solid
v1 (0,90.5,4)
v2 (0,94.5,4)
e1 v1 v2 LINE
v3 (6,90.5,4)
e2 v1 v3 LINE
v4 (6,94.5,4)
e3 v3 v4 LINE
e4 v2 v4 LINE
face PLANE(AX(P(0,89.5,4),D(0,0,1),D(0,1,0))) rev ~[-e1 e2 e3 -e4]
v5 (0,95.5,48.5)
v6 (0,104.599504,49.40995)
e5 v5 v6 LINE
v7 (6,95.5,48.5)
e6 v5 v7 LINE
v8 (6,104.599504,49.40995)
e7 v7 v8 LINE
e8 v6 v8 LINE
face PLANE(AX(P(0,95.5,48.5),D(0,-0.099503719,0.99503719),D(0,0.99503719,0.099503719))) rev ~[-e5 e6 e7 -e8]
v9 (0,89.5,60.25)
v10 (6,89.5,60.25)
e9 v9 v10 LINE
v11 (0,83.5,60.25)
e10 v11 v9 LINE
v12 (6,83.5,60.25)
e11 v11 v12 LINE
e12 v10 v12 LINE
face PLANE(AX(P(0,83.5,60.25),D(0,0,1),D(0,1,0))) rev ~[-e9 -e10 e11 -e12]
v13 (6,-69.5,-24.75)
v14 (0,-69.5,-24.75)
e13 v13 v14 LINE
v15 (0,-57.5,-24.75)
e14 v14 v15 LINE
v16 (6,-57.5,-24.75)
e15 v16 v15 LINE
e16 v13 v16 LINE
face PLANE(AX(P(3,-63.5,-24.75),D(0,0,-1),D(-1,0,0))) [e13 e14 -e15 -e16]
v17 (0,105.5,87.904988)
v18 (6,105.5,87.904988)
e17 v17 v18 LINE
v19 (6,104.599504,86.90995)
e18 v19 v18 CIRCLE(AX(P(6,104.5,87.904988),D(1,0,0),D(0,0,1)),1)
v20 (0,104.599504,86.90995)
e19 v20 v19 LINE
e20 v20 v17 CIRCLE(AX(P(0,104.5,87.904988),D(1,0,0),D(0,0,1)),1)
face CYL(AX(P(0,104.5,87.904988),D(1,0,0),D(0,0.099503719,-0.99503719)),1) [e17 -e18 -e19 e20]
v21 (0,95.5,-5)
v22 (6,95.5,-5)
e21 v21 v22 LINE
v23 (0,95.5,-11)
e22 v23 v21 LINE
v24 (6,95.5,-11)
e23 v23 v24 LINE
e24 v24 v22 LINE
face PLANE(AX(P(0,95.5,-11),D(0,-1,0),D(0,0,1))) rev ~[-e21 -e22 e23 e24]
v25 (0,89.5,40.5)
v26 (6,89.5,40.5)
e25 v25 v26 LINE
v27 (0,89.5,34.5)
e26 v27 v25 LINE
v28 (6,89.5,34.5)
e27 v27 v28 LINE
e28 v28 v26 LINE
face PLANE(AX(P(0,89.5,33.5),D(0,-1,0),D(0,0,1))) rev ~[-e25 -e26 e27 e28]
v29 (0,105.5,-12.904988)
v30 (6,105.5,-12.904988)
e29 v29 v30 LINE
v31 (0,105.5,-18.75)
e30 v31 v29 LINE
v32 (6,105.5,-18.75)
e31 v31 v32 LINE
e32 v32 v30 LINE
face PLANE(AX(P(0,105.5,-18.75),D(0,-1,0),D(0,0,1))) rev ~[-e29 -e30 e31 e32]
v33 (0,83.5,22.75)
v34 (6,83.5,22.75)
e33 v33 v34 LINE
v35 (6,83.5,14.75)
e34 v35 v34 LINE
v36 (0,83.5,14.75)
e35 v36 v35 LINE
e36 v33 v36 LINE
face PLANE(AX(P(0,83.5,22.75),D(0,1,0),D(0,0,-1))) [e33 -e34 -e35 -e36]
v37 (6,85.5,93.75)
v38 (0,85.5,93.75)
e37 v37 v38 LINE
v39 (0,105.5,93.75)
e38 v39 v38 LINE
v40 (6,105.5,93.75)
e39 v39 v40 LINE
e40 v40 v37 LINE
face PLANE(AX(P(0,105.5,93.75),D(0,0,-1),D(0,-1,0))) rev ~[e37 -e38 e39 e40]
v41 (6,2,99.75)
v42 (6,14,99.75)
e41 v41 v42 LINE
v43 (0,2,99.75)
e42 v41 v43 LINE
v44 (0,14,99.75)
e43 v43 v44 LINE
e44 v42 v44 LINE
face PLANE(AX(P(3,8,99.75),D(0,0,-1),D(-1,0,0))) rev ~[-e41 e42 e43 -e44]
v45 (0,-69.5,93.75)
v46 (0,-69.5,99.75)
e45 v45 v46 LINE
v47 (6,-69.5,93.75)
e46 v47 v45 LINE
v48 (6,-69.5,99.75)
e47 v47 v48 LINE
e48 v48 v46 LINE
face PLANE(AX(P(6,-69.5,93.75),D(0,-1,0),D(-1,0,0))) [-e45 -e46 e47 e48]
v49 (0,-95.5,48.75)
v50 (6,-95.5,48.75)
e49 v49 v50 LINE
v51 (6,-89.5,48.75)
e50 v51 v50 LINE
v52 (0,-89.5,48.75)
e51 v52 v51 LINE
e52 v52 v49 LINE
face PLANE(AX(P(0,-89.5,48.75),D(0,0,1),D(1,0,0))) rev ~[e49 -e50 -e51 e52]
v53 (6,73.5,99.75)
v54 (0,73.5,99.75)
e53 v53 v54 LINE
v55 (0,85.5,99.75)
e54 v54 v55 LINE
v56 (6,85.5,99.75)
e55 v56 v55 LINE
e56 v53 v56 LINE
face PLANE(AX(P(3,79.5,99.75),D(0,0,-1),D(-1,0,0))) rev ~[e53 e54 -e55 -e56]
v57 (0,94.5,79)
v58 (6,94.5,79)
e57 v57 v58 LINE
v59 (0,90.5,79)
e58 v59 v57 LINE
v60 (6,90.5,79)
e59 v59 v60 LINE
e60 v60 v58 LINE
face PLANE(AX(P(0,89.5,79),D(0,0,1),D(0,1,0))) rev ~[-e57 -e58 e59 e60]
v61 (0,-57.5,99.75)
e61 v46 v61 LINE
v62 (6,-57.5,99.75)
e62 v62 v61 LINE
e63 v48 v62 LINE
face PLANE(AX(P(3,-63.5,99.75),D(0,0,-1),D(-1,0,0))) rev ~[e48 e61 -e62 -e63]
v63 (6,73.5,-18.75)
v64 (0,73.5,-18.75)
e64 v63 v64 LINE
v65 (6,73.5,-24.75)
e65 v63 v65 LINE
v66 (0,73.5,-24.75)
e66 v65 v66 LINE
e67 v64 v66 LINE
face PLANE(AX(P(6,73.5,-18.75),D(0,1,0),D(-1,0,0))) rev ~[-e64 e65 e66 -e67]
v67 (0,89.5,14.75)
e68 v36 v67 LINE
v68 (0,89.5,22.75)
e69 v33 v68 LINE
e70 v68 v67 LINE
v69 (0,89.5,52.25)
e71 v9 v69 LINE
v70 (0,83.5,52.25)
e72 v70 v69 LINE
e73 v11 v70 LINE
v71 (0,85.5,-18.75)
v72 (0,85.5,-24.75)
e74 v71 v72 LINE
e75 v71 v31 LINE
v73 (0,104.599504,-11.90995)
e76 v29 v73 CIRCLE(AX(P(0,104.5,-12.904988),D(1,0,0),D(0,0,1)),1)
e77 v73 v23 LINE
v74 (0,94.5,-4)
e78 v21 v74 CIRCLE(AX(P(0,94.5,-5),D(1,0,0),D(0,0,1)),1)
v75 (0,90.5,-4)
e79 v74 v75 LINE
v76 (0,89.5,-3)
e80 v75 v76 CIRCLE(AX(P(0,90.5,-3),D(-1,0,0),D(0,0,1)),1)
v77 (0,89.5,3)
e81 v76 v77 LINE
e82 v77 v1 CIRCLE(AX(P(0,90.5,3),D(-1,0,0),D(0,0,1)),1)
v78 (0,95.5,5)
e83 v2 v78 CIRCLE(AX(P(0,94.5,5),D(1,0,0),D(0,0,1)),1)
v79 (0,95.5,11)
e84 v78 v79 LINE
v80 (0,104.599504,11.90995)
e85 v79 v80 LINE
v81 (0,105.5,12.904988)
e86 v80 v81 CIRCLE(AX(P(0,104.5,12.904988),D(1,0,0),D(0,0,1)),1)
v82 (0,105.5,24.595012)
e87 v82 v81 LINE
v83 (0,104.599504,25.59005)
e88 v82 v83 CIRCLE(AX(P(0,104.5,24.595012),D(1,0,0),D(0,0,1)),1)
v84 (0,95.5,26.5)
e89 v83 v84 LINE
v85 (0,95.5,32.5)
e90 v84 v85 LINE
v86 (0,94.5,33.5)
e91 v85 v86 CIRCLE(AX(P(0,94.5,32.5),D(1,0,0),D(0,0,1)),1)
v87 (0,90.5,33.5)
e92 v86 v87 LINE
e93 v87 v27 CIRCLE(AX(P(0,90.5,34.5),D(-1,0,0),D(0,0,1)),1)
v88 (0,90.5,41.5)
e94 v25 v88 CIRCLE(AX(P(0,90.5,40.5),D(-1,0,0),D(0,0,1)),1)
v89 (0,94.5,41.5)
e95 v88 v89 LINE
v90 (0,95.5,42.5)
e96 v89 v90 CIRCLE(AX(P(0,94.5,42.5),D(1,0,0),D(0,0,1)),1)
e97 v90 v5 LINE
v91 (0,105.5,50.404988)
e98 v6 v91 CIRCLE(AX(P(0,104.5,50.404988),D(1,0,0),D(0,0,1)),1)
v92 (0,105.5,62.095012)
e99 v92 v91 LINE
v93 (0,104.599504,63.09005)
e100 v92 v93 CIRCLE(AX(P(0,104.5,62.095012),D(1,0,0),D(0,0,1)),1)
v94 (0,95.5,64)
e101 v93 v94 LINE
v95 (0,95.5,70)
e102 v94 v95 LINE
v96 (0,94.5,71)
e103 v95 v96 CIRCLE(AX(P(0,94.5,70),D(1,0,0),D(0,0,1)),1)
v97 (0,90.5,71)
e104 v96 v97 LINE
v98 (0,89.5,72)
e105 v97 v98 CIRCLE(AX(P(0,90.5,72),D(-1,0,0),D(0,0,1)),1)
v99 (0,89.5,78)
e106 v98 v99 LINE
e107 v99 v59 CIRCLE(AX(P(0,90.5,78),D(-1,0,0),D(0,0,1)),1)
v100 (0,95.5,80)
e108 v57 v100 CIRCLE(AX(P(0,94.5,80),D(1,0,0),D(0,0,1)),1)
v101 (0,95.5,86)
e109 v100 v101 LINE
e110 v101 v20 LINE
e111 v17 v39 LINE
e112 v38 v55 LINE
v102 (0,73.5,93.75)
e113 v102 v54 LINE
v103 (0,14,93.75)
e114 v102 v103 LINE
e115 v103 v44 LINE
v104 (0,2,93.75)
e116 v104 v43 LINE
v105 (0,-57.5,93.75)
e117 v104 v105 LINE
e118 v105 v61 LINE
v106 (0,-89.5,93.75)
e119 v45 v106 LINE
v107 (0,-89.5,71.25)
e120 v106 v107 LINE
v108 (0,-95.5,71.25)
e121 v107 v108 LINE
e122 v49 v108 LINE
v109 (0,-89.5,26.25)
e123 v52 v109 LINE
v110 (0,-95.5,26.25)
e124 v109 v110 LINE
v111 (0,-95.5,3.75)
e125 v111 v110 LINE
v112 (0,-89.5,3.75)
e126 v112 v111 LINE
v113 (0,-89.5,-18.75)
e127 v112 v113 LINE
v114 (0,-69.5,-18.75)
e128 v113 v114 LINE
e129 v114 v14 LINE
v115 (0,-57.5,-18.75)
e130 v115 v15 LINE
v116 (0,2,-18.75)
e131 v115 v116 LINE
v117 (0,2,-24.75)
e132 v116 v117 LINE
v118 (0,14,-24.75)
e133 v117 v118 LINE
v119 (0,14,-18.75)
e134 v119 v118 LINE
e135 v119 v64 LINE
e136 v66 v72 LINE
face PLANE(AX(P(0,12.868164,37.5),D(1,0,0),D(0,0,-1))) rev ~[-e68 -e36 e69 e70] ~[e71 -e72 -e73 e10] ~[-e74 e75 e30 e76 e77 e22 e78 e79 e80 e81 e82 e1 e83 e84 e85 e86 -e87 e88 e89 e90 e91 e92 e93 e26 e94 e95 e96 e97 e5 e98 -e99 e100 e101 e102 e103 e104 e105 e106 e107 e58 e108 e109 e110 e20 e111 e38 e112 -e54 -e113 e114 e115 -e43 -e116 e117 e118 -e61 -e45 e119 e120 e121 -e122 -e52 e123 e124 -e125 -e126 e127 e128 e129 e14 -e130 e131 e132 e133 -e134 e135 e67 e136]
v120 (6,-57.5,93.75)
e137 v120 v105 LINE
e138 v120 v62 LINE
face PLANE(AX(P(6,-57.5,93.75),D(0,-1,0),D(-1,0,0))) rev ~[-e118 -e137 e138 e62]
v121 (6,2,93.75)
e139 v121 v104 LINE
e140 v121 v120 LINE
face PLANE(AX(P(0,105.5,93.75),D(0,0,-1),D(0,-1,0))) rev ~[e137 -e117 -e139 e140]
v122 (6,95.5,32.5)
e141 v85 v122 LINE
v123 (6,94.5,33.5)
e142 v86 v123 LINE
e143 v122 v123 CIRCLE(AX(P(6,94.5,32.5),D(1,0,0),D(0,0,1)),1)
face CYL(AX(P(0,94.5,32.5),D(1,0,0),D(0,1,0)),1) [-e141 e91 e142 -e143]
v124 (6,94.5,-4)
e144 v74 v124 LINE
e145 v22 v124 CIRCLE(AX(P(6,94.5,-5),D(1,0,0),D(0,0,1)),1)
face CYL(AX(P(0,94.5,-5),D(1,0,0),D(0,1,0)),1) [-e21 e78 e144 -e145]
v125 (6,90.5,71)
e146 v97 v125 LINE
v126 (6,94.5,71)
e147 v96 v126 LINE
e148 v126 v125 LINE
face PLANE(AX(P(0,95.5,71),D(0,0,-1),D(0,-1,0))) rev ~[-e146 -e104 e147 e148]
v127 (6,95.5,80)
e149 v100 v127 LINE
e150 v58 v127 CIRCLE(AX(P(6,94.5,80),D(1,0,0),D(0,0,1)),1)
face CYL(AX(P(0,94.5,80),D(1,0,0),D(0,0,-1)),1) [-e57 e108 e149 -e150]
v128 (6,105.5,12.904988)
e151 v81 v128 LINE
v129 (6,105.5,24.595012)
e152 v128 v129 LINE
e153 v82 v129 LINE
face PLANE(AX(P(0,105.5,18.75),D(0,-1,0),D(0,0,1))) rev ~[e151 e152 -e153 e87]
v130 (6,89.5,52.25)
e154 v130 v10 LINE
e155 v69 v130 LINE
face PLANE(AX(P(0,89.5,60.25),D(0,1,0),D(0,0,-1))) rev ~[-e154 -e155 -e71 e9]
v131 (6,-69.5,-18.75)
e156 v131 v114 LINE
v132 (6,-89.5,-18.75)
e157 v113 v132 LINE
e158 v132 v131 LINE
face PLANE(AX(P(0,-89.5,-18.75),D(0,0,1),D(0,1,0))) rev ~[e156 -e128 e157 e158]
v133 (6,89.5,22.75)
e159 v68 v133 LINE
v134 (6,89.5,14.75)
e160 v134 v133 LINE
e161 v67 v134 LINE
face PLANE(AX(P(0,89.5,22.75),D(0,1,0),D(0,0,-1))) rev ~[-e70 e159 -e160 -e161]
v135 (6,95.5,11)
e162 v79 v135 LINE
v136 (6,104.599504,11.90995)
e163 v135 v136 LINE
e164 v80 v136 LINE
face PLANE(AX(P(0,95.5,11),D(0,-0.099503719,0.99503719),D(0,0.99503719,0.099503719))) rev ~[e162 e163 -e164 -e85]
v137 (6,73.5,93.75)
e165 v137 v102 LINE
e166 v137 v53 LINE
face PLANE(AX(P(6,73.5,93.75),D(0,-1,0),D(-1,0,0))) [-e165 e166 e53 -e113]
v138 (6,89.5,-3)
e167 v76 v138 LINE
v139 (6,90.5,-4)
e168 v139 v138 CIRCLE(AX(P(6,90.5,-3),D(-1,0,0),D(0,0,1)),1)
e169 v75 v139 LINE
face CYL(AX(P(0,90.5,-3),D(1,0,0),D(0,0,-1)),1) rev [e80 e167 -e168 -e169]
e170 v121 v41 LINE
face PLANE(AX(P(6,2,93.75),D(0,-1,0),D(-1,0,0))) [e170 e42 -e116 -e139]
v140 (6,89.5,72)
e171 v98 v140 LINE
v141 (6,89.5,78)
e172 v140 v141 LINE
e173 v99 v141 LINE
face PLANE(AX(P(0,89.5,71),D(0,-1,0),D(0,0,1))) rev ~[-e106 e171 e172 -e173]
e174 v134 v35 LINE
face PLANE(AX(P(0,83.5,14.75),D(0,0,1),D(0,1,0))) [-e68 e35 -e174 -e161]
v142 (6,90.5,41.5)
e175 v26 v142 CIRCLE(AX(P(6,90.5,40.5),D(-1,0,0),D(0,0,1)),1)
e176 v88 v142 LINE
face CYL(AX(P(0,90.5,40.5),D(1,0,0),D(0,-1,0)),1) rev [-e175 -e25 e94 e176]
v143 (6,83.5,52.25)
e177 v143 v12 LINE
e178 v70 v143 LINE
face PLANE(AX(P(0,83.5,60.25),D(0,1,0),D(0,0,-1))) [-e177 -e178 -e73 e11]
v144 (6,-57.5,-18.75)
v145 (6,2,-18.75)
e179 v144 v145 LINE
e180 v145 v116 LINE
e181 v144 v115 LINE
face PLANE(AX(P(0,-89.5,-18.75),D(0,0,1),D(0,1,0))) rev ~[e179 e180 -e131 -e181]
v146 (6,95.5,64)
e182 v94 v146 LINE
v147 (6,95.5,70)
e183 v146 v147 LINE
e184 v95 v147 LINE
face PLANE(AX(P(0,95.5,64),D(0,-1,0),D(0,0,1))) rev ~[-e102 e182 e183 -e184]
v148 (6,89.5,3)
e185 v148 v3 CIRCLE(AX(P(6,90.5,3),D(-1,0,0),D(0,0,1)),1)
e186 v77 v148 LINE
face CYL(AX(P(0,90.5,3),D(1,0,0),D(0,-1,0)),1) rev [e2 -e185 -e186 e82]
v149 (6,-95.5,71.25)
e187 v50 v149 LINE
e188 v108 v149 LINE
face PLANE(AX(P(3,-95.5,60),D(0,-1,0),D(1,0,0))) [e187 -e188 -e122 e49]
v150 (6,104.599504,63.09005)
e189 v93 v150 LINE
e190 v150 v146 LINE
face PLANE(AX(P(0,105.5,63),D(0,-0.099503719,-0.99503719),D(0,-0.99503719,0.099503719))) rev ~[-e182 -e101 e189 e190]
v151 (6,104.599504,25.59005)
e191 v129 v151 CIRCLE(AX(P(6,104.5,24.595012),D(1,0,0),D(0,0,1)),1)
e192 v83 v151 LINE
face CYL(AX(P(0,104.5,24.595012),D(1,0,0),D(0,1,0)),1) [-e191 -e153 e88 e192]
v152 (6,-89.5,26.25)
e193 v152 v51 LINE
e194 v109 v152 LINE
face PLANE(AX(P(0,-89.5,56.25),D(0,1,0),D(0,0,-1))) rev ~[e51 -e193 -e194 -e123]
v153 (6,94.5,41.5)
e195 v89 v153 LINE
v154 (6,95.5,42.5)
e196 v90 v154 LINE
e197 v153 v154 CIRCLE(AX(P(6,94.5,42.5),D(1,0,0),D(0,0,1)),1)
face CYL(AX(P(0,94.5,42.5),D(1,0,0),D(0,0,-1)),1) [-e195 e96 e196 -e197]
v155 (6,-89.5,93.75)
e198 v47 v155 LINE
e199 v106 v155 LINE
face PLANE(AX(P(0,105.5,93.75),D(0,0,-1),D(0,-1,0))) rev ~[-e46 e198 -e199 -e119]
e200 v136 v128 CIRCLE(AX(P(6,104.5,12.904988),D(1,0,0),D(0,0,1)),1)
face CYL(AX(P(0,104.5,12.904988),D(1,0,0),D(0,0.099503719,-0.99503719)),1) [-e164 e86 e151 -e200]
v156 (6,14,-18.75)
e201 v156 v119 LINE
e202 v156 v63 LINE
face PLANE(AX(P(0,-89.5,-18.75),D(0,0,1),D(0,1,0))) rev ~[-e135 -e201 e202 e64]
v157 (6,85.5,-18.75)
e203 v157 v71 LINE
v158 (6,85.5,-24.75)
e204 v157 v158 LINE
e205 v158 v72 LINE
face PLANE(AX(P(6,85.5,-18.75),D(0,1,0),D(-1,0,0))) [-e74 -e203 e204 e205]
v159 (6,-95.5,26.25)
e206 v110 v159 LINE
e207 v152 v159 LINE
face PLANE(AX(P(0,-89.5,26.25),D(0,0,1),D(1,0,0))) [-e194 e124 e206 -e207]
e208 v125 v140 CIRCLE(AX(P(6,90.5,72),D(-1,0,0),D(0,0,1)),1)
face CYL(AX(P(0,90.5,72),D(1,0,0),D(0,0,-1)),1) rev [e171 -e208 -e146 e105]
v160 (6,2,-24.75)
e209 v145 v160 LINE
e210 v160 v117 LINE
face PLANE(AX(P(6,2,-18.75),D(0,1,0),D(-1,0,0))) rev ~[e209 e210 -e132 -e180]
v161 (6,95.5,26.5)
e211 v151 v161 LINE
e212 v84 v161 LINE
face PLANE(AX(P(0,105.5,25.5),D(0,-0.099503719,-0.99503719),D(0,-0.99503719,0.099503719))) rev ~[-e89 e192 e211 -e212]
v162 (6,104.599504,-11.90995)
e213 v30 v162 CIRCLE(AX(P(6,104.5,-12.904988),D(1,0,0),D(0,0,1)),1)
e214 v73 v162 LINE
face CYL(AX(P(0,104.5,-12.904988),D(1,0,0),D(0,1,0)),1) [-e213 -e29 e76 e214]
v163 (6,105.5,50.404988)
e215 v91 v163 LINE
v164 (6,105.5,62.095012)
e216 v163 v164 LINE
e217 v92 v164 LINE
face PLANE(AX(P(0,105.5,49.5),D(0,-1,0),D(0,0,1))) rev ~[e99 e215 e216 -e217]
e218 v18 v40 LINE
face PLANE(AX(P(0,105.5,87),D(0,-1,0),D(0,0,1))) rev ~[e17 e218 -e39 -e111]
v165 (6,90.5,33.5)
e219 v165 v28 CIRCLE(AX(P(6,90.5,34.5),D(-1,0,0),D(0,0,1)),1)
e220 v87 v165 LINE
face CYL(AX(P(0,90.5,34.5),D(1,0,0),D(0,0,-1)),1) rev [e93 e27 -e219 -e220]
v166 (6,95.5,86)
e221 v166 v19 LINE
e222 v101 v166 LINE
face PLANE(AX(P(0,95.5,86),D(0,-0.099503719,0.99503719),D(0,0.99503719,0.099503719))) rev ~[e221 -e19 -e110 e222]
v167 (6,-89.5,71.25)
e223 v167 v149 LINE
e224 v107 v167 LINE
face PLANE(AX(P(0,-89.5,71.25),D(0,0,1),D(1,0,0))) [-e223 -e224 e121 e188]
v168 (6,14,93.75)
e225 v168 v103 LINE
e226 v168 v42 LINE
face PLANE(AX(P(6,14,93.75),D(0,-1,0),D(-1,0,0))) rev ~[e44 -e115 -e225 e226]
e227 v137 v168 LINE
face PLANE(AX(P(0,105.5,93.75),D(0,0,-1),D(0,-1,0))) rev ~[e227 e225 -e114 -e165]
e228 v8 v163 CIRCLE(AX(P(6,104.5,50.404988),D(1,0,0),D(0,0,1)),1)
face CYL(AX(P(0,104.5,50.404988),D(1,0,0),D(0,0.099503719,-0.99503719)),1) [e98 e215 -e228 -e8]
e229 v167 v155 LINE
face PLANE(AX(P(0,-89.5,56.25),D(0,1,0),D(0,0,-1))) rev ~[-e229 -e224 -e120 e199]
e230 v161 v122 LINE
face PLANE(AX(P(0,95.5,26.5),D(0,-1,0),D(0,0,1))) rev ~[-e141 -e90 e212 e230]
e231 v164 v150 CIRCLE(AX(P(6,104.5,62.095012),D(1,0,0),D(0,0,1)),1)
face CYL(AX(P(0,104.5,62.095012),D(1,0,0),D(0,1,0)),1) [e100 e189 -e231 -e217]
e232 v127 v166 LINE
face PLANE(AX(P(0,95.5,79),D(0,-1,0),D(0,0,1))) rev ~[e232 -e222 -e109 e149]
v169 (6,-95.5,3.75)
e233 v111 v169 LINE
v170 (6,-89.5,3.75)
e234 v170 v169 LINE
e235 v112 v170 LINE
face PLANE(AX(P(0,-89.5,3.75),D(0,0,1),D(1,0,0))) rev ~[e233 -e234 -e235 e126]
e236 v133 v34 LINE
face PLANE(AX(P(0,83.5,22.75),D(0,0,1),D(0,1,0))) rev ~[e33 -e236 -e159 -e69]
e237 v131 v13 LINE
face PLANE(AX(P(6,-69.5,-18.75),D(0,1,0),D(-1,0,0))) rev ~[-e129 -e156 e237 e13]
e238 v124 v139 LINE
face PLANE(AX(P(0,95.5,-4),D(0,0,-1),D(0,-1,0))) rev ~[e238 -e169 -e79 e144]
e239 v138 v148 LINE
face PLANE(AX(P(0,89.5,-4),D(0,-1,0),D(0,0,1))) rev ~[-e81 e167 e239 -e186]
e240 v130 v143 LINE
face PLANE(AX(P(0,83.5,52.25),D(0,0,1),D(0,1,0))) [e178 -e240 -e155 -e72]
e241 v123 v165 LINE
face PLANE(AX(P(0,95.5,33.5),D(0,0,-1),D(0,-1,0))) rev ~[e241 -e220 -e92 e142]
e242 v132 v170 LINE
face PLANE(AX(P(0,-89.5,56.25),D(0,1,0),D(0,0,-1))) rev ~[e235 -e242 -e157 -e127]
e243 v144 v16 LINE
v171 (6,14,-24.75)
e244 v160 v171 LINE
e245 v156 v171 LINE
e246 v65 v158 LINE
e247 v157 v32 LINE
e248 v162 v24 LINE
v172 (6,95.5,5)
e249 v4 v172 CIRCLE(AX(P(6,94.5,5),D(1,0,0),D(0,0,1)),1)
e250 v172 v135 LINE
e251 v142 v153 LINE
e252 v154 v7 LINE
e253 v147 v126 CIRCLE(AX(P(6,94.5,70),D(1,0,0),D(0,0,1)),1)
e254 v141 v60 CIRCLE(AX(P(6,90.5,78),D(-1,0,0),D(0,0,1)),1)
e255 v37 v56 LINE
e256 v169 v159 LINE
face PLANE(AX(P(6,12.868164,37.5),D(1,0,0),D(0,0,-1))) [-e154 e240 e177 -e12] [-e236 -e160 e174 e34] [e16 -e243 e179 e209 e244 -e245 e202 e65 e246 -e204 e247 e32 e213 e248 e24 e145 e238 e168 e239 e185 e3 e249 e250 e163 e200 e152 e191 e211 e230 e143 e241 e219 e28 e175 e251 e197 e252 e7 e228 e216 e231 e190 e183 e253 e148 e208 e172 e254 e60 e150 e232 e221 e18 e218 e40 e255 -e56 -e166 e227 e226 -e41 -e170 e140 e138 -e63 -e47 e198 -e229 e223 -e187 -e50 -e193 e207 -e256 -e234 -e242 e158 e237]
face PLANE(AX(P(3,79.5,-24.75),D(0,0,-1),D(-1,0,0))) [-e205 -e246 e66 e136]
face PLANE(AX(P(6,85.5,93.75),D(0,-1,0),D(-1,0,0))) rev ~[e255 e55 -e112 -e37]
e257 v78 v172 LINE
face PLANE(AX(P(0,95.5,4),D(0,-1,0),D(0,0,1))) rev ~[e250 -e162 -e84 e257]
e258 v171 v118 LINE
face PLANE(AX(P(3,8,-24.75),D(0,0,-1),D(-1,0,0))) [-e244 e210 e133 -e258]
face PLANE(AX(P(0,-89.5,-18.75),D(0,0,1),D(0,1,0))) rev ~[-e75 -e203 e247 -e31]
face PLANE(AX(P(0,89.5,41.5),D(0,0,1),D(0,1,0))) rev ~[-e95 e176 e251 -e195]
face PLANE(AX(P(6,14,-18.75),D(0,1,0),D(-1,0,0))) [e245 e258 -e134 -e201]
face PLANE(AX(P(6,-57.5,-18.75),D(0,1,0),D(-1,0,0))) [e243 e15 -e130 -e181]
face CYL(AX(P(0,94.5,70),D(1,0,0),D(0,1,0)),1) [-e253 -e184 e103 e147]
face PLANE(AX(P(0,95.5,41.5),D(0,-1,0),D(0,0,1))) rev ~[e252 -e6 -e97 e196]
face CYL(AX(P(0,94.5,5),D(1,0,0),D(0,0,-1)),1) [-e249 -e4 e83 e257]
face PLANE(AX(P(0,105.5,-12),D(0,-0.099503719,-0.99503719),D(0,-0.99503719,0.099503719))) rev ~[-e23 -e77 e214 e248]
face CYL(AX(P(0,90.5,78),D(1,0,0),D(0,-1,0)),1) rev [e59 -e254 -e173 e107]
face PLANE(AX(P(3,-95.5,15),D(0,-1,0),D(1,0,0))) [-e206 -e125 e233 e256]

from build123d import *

# Parameters (mm, degrees)
BOSS_EXTRUDE2_DEPTH    = 6
FILLET1_R              = 1
LPATTERN1_COUNT        = 3
LPATTERN1_PITCH        = 37.5
FILLET1_OF_LPATTERN1_R = 1
SKETCH3_W              = 6
SKETCH3_H              = 12
BOSS_EXTRUDE3_DEPTH    = 6
SKETCH4_W              = 8
SKETCH4_H              = 6
CUT_EXTRUDE2_DEPTH     = 7
LPATTERN2_COUNT        = 2
LPATTERN2_PITCH        = 37.5
BOSS_EXTRUDE4_START    = -112.5
SKETCH3_2_W            = 6
SKETCH3_2_H            = 12
BOSS_EXTRUDE4_DEPTH    = 6
SKETCH5_W              = 6
SKETCH5_H              = 22.5
BOSS_EXTRUDE5_DEPTH    = 6


with BuildPart() as part:
    # Sketch2 → Boss-Extrude2 (new body)
    with BuildSketch(Plane(origin=(0, 0, 0), x_dir=(0, 0, -1), z_dir=(1, 0, 0))):
        Polygon((-18.75, 105.5), (-18.75, 89.5), (-18.75, -89.5), (18.75, -89.5), (18.75, 89.5), (18.75, 105.5), (12, 105.5), (11, 95.5), (4, 95.5), (4, 89.5), (-4, 89.5), (-4, 95.5), (-11, 95.5), (-12, 105.5), align=None)
    boss_extrude2 = extrude(amount=BOSS_EXTRUDE2_DEPTH)

    # Fillet1
    fillet1_edges = [part.edges().sort_by_distance(p)[0] for p in [
        (3, 95.5, -4),
        (3, 105.5, -12),
        (3, 105.5, 12),
        (3, 95.5, 4),
        (3, 89.5, 4),
        (3, 89.5, -4),
    ]]
    fillet(fillet1_edges, radius=FILLET1_R)

    # LPattern1: Boss-Extrude2 ×3
    with Locations(*[(0, 0, i * LPATTERN1_PITCH) for i in range(1, LPATTERN1_COUNT)]):
        add(boss_extrude2)

    # Fillet1 of LPattern1
    fillet1_of_lpattern1_edges = [part.edges().sort_by_distance(p)[0] for p in [
        (3, 95.5, 33.5),
        (3, 105.5, 25.5),
        (3, 105.5, 49.5),
        (3, 95.5, 41.5),
        (3, 89.5, 41.5),
        (3, 89.5, 33.5),
        (3, 95.5, 71),
        (3, 105.5, 63),
        (3, 105.5, 87),
        (3, 95.5, 79),
        (3, 89.5, 79),
        (3, 89.5, 71),
    ]]
    fillet(fillet1_of_lpattern1_edges, radius=FILLET1_OF_LPATTERN1_R)

    # Sketch3 → Boss-Extrude3 (add)
    with BuildSketch(Plane(origin=(0, 0, -18.75), x_dir=(-1, 0, 0), z_dir=(0, 0, -1))):
        with Locations((-3, 79.5)):
            Rectangle(SKETCH3_W, SKETCH3_H)
        with Locations((-3, -63.5)):
            Rectangle(SKETCH3_W, SKETCH3_H)
        with Locations((-3, 8)):
            Rectangle(SKETCH3_W, SKETCH3_H)
    extrude(amount=BOSS_EXTRUDE3_DEPTH)

    # Sketch4 → Cut-Extrude2 (cut, through all)
    with BuildSketch(Plane(origin=(0, 0, 0), x_dir=(0, 0, -1), z_dir=(1, 0, 0))):
        with Locations((-18.75, 86.5)):
            Rectangle(SKETCH4_W, SKETCH4_H)
    cut_extrude2 = extrude(amount=CUT_EXTRUDE2_DEPTH, mode=Mode.SUBTRACT)

    # LPattern2: Cut-Extrude2 ×2
    with Locations(*[(0, 0, i * LPATTERN2_PITCH) for i in range(1, LPATTERN2_COUNT)]):
        add(cut_extrude2, mode=Mode.SUBTRACT)

    # Sketch3_2 → Boss-Extrude4 (add)
    with BuildSketch(Plane(origin=(0, 0, -18.75), x_dir=(-1, 0, 0), z_dir=(0, 0, -1)).offset(BOSS_EXTRUDE4_START)):
        with Locations((-3, 79.5)):
            Rectangle(SKETCH3_2_W, SKETCH3_2_H)
        with Locations((-3, -63.5)):
            Rectangle(SKETCH3_2_W, SKETCH3_2_H)
        with Locations((-3, 8)):
            Rectangle(SKETCH3_2_W, SKETCH3_2_H)
    extrude(amount=-BOSS_EXTRUDE4_DEPTH)

    # Sketch5 → Boss-Extrude5 (add)
    with BuildSketch(Plane.XZ.offset(89.5)):
        with Locations((3, 15)):
            Rectangle(SKETCH5_W, SKETCH5_H)
        with Locations((3, 60)):
            Rectangle(SKETCH5_W, SKETCH5_H)
    extrude(amount=BOSS_EXTRUDE5_DEPTH)


solid = part.part
